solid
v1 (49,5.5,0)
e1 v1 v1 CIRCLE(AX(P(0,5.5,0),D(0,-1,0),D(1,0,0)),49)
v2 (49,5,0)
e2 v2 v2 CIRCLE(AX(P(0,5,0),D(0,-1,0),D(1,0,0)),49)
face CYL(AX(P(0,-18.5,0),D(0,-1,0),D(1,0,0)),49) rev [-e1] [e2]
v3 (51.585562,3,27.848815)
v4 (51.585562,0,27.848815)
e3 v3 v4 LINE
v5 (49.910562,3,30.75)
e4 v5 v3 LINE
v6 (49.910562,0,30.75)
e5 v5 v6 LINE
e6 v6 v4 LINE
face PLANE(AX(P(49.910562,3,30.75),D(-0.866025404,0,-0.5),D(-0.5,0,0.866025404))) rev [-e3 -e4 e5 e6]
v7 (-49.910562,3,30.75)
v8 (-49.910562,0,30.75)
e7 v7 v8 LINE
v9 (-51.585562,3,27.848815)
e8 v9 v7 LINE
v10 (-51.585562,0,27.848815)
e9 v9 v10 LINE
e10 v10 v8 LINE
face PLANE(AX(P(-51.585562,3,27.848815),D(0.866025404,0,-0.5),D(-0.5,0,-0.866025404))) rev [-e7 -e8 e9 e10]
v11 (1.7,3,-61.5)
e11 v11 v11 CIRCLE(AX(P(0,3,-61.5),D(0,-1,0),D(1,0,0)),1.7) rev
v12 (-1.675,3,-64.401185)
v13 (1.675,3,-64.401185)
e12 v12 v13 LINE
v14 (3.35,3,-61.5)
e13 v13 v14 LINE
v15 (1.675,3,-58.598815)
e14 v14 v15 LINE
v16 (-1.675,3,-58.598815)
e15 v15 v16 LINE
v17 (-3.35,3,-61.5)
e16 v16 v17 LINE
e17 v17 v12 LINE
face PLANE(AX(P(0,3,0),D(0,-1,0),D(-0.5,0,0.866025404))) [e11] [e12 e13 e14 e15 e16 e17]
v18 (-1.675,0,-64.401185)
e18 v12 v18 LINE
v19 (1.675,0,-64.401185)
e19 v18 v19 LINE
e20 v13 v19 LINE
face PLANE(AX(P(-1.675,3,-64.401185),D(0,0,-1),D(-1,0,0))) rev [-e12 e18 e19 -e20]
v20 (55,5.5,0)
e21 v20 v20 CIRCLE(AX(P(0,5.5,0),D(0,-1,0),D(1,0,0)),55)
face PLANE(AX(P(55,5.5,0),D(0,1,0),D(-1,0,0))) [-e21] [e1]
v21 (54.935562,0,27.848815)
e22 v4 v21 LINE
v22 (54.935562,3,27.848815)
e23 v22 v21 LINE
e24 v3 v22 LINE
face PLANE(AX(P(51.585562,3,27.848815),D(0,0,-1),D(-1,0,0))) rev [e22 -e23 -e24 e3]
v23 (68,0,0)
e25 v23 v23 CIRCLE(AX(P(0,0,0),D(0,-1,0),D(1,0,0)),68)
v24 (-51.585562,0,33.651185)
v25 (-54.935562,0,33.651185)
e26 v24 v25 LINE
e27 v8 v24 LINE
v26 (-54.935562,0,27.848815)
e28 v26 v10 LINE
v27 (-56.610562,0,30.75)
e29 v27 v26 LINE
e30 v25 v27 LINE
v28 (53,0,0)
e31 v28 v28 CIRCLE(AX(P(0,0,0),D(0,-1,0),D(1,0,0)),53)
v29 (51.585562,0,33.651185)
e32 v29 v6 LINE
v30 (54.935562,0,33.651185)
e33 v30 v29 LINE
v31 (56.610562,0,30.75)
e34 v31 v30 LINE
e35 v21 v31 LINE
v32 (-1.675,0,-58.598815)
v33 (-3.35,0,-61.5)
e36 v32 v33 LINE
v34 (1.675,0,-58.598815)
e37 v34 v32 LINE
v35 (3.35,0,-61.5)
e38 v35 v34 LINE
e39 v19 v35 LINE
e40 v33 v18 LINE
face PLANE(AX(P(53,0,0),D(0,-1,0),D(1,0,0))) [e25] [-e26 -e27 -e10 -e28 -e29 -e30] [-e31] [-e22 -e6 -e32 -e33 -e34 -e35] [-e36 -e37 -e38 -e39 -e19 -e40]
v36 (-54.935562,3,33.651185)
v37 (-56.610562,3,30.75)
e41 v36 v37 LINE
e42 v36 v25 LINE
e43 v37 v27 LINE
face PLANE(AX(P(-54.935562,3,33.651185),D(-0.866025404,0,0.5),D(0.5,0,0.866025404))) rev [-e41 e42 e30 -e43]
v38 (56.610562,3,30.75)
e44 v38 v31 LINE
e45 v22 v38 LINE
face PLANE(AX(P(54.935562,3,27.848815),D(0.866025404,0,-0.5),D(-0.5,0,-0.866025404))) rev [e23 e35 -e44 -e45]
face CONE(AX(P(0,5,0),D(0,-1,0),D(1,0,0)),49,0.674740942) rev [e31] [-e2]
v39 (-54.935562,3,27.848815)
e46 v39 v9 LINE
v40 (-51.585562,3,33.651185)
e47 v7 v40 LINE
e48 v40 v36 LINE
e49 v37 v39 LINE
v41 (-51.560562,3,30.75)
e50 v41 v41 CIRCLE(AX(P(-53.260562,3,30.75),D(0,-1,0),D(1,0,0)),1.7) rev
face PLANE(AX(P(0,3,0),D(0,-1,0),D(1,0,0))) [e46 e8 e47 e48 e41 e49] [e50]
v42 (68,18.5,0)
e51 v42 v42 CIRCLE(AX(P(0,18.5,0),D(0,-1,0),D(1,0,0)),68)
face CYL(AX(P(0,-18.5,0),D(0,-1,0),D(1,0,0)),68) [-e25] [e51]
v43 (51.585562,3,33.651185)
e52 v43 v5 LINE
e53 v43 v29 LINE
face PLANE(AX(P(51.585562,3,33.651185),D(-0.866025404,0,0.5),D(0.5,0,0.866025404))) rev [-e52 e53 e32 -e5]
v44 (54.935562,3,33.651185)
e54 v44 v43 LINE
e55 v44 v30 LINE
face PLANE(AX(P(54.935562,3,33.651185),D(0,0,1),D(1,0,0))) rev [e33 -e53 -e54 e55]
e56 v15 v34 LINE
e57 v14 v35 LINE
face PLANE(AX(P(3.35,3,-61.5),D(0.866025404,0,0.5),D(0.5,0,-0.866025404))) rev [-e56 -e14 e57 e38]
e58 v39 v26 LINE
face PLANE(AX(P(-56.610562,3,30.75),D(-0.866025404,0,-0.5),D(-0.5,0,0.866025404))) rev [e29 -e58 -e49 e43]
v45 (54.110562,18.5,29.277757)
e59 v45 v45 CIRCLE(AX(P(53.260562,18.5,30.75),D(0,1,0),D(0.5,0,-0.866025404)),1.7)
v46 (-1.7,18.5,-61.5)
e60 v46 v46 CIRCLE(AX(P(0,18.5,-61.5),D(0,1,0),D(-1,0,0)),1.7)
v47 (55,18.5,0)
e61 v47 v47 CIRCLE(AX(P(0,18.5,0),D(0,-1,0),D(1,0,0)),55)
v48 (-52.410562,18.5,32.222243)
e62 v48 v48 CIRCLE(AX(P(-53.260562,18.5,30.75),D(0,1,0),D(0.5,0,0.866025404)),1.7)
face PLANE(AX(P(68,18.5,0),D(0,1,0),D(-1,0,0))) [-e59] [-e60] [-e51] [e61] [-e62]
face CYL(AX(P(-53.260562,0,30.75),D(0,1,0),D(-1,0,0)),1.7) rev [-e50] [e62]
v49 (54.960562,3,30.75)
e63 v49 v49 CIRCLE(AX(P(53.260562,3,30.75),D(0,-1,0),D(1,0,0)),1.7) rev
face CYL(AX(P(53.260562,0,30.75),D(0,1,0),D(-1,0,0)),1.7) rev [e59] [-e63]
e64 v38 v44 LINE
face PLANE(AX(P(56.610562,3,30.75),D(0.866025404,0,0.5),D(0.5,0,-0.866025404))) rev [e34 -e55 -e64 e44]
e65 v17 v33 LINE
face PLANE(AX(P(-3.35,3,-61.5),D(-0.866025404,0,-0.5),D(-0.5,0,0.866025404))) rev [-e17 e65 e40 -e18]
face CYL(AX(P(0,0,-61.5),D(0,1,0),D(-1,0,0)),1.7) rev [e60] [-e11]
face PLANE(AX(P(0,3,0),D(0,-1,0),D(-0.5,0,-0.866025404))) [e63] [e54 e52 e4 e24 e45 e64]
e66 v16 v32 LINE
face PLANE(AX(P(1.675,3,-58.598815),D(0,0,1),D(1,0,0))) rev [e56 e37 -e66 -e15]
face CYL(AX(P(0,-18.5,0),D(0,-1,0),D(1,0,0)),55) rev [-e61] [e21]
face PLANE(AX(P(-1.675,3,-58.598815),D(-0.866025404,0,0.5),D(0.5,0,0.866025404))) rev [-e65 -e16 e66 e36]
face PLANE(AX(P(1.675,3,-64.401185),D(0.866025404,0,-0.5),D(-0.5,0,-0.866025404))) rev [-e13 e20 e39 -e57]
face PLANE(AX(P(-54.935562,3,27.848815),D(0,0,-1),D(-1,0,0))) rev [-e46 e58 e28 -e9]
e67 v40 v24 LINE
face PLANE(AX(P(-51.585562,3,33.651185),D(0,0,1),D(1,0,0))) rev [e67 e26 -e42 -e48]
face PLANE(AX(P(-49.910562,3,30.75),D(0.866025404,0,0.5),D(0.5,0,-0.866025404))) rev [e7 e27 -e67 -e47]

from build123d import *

# Parameters (mm, degrees)
SKETCH3_R          = 1.7
CUT_EXTRUDE1_DEPTH = 98.929821811
CIRPATTERN1_COUNT  = 3
CUT_EXTRUDE2_DEPTH = 3
CIRPATTERN2_COUNT  = 3


with BuildPart() as part:
    # Sketch2 → Revolve1 (revolve)
    with BuildSketch(Plane.XY):
        Polygon((53, 0), (68, 0), (68, 18.5), (55, 18.5), (55, 5.5), (49, 5.5), (49, 5), align=None)
    revolve(axis=Axis((0, -18.5, 0), (0, 1, 0)))

    # Sketch3 → Cut-Extrude1 (cut, through all)
    with BuildSketch(Plane(origin=(0, 18.5, 0), x_dir=(1, 0, 0), z_dir=(0, 1, 0))):
        with Locations(Location((0, 61.5, 0), (0, 0, 180))):
            Circle(SKETCH3_R)
    cut_extrude1 = extrude(amount=-CUT_EXTRUDE1_DEPTH, mode=Mode.SUBTRACT)

    # CirPattern1: Cut-Extrude1 ×3 about axis
    cirpattern1_axis = Axis((0, 0, 0), (0, 1, 0))
    for i in range(1, CIRPATTERN1_COUNT):
        add(cut_extrude1.rotate(cirpattern1_axis, i * 360 / CIRPATTERN1_COUNT), mode=Mode.SUBTRACT)

    # Sketch4 → Cut-Extrude2 (cut)
    with BuildSketch(Plane.XZ):
        Polygon((-54.935562333, 33.651185103), (-56.610562333, 30.75), (-54.935562333, 27.848814897), (-51.585562333, 27.848814897), (-49.910562333, 30.75), (-51.585562333, 33.651185103), align=None)
    cut_extrude2 = extrude(amount=-CUT_EXTRUDE2_DEPTH, mode=Mode.SUBTRACT)

    # CirPattern2: Cut-Extrude2 ×3 about axis
    cirpattern2_axis = Axis((0, 0, 0), (0, 1, 0))
    for i in range(1, CIRPATTERN2_COUNT):
        add(cut_extrude2.rotate(cirpattern2_axis, i * 360 / CIRPATTERN2_COUNT), mode=Mode.SUBTRACT)


solid = part.part
